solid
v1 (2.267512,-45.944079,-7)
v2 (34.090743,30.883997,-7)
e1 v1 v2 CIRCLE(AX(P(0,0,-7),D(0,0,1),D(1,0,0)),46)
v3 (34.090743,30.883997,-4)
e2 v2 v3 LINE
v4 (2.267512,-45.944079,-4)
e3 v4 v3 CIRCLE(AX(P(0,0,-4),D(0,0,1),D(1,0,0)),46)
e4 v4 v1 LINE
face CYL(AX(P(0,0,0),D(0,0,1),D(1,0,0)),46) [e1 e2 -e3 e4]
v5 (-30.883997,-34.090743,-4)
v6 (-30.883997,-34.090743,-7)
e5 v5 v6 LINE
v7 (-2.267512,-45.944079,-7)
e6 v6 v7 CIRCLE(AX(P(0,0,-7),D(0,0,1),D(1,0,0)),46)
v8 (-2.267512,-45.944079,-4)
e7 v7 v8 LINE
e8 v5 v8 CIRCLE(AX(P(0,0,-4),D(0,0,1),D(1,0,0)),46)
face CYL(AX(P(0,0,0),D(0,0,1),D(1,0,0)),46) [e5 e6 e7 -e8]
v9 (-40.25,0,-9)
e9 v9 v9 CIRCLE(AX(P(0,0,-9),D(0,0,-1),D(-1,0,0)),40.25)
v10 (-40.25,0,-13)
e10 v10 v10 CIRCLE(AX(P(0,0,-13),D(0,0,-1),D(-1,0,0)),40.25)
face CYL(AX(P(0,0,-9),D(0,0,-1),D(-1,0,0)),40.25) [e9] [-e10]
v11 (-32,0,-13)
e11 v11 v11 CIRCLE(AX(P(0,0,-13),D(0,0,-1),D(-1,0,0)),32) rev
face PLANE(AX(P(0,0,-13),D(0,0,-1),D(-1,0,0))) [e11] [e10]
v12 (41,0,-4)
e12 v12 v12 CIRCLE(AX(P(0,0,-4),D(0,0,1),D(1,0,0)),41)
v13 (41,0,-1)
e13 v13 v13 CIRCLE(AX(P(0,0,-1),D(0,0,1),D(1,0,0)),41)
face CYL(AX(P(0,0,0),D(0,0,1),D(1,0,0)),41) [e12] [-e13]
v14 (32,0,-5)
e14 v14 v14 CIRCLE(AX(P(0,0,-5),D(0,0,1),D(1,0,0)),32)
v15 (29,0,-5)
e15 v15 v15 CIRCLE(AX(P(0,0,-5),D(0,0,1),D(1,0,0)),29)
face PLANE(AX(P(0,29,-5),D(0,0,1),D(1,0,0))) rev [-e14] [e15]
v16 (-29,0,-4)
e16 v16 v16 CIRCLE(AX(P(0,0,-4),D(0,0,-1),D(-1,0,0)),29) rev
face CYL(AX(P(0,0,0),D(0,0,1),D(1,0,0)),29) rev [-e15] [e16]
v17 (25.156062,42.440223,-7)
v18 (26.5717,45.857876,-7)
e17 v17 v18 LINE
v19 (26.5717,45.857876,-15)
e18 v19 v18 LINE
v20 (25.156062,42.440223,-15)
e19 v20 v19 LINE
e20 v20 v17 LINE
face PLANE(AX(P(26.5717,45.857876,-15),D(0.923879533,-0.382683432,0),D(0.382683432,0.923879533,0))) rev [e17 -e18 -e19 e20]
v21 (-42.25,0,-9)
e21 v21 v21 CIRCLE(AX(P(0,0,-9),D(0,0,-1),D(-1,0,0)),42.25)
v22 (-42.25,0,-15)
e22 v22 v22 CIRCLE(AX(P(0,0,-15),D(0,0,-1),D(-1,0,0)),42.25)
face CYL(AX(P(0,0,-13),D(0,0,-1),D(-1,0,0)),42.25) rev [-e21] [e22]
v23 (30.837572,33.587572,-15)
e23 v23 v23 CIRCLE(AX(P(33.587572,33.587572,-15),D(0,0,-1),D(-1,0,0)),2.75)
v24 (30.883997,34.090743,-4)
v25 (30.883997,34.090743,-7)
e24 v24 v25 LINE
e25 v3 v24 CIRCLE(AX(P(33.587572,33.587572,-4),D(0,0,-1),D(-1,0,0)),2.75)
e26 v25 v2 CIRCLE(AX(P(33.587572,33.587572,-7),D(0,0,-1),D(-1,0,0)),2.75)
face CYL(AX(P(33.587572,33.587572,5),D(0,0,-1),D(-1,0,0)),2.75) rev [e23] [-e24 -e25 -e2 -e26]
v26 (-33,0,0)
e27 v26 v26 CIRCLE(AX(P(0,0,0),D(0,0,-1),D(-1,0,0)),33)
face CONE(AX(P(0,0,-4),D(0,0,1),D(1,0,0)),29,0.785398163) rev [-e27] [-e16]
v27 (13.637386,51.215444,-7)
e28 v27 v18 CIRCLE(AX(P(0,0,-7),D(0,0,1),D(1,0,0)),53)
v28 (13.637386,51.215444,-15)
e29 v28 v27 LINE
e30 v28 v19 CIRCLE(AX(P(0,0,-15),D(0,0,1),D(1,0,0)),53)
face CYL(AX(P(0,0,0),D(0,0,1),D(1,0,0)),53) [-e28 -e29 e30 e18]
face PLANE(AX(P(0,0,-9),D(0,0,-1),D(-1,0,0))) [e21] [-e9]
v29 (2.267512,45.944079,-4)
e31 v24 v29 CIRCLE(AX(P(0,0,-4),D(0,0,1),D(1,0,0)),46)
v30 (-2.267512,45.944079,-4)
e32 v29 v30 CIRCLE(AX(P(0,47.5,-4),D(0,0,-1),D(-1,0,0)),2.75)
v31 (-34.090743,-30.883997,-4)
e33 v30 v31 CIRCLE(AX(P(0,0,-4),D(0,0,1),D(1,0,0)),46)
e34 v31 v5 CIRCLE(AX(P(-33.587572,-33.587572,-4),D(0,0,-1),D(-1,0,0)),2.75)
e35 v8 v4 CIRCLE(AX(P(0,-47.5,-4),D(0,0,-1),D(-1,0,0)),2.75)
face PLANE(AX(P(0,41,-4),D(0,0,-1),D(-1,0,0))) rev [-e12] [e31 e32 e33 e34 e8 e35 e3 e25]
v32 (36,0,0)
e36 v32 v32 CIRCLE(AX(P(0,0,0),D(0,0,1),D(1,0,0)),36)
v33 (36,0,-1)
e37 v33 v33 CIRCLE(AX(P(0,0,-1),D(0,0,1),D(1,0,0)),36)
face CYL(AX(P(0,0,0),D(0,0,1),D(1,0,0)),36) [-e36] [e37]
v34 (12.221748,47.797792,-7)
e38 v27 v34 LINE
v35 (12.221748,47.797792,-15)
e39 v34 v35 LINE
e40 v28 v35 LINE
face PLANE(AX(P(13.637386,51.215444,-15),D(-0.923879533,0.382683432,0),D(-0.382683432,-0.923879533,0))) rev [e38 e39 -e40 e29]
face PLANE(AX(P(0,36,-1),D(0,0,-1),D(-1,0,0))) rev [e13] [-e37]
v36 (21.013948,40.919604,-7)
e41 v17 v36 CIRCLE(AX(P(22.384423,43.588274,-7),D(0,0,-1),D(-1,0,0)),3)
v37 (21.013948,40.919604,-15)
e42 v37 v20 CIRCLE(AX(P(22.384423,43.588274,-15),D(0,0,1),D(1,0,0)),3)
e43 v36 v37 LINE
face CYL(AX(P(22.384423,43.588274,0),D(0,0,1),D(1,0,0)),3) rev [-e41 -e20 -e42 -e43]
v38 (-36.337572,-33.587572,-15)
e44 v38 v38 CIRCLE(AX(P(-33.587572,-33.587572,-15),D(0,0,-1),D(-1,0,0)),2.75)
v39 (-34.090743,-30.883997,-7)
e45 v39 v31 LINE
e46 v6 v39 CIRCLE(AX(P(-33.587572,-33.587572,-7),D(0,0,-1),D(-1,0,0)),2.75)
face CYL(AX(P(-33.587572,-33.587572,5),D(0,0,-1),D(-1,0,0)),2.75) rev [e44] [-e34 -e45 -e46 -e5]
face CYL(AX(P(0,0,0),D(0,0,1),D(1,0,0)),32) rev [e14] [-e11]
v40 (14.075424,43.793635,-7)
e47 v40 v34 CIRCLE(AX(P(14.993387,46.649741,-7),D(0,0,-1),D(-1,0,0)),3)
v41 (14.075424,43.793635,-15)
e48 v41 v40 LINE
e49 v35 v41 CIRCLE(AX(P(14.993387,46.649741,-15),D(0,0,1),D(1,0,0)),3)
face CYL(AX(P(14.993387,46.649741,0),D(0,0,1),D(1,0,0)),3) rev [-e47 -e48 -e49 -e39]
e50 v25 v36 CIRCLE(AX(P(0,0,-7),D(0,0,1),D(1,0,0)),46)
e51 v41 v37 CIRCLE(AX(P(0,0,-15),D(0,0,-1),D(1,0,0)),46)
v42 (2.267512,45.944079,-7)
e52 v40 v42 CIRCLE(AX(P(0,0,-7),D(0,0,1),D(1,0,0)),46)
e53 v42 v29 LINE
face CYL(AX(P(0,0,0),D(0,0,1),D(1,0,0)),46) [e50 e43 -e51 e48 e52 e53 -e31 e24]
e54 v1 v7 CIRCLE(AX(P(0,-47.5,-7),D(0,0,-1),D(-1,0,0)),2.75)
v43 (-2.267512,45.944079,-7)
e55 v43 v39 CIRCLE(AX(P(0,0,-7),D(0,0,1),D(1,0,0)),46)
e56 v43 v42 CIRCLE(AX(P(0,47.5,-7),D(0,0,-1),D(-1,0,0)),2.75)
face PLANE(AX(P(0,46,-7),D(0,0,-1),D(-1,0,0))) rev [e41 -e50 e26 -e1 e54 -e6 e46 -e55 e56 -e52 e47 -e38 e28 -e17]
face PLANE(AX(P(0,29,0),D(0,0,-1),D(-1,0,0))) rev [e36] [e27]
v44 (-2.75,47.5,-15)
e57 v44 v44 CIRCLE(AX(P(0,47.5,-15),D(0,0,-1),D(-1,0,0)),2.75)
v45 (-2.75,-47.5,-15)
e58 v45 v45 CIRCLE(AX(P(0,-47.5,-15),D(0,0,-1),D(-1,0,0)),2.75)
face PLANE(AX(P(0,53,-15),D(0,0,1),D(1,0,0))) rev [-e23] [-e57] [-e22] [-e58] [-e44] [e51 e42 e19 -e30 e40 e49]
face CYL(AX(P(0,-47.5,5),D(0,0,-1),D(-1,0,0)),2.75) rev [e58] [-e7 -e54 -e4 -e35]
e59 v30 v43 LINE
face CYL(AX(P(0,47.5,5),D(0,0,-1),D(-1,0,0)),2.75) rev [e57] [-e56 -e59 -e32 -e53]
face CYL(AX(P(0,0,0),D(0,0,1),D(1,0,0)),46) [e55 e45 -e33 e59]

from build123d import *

# Parameters (mm, degrees)
CHAMFER1_SIZE      = 4
SKETCH5_R          = 2.75
CUT_EXTRUDE4_DEPTH = 20
CUT_EXTRUDE5_DEPTH = 76.37904218
FILLET2_R          = 3
SKETCH7_R          = 42.25
CUT_EXTRUDE6_DEPTH = 2
SKETCH8_R          = 42.25
SKETCH8_R_2        = 40.25
CUT_EXTRUDE7_DEPTH = 4


with BuildPart() as part:
    # Sketch1 → Revolve1 (revolve)
    with BuildSketch(Plane(origin=(0, 0, 0), x_dir=(0, 0, -1), z_dir=(1, 0, 0)), mode=Mode.PRIVATE) as revolve1_sk:
        Polygon((5, 29), (5, 32), (15, 32), (15, 53), (7, 53), (7, 46), (4, 46), (4, 41), (1, 41), (1, 36), (0, 36), (0, 29), align=None)
    revolve(revolve1_sk.sketch.rotate(Axis((0, 0, 0), (0, 0, -1)), 90), axis=Axis((0, 0, 0), (0, 0, -1)))

    # Chamfer1
    chamfer1_edges = [part.edges().sort_by_distance(p)[0] for p in [
        (-29, 0, 0),
    ]]
    chamfer(chamfer1_edges, length=CHAMFER1_SIZE)

    # Sketch5 → Cut-Extrude4 (cut)
    with BuildSketch(Plane(origin=(0, 0, -15), x_dir=(-1, 0, 0), z_dir=(0, 0, -1))):
        with Locations((0, 47.5)):
            Circle(SKETCH5_R)
        with Locations((33.587572106, -33.587572106)):
            Circle(SKETCH5_R)
        with Locations((0, -47.5)):
            Circle(SKETCH5_R)
        with Locations((-33.587572106, 33.587572106)):
            Circle(SKETCH5_R)
    extrude(amount=-CUT_EXTRUDE4_DEPTH, mode=Mode.SUBTRACT)

    # Sketch6 → Cut-Extrude5 (cut, through all)
    with BuildSketch(Plane.XY.offset(-7)):
        with BuildLine():
            Line((26.571699547, 45.857875912), (23.865580267, 39.324726045))
            ThreePointArc((23.865580267, 39.324726045), (17.603437889, 42.498458496), (10.931266811, 44.682294098))
            Line((10.931266811, 44.682294098), (13.637386091, 51.215443966))
            ThreePointArc((13.637386091, 51.215443966), (20.282221915, 48.965615223), (26.571699547, 45.857875912))
        make_face()
    extrude(amount=-CUT_EXTRUDE5_DEPTH, mode=Mode.SUBTRACT)

    # Fillet2
    fillet2_edges = [part.edges().sort_by_distance(p)[0] for p in [
        (23.865580267, 39.324726045, -11),
        (10.931266811, 44.682294098, -11),
    ]]
    fillet(fillet2_edges, radius=FILLET2_R)

    # Sketch7 → Cut-Extrude6 (cut)
    with BuildSketch(Plane(origin=(0, 0, -15), x_dir=(-1, 0, 0), z_dir=(0, 0, -1))):
        Circle(SKETCH7_R)
    extrude(amount=-CUT_EXTRUDE6_DEPTH, mode=Mode.SUBTRACT)

    # Sketch8 → Cut-Extrude7 (cut)
    with BuildSketch(Plane(origin=(0, 0, -13), x_dir=(-1, 0, 0), z_dir=(0, 0, -1))):
        Circle(SKETCH8_R)
        Circle(SKETCH8_R_2, mode=Mode.SUBTRACT)
    extrude(amount=-CUT_EXTRUDE7_DEPTH, mode=Mode.SUBTRACT)


solid = part.part
